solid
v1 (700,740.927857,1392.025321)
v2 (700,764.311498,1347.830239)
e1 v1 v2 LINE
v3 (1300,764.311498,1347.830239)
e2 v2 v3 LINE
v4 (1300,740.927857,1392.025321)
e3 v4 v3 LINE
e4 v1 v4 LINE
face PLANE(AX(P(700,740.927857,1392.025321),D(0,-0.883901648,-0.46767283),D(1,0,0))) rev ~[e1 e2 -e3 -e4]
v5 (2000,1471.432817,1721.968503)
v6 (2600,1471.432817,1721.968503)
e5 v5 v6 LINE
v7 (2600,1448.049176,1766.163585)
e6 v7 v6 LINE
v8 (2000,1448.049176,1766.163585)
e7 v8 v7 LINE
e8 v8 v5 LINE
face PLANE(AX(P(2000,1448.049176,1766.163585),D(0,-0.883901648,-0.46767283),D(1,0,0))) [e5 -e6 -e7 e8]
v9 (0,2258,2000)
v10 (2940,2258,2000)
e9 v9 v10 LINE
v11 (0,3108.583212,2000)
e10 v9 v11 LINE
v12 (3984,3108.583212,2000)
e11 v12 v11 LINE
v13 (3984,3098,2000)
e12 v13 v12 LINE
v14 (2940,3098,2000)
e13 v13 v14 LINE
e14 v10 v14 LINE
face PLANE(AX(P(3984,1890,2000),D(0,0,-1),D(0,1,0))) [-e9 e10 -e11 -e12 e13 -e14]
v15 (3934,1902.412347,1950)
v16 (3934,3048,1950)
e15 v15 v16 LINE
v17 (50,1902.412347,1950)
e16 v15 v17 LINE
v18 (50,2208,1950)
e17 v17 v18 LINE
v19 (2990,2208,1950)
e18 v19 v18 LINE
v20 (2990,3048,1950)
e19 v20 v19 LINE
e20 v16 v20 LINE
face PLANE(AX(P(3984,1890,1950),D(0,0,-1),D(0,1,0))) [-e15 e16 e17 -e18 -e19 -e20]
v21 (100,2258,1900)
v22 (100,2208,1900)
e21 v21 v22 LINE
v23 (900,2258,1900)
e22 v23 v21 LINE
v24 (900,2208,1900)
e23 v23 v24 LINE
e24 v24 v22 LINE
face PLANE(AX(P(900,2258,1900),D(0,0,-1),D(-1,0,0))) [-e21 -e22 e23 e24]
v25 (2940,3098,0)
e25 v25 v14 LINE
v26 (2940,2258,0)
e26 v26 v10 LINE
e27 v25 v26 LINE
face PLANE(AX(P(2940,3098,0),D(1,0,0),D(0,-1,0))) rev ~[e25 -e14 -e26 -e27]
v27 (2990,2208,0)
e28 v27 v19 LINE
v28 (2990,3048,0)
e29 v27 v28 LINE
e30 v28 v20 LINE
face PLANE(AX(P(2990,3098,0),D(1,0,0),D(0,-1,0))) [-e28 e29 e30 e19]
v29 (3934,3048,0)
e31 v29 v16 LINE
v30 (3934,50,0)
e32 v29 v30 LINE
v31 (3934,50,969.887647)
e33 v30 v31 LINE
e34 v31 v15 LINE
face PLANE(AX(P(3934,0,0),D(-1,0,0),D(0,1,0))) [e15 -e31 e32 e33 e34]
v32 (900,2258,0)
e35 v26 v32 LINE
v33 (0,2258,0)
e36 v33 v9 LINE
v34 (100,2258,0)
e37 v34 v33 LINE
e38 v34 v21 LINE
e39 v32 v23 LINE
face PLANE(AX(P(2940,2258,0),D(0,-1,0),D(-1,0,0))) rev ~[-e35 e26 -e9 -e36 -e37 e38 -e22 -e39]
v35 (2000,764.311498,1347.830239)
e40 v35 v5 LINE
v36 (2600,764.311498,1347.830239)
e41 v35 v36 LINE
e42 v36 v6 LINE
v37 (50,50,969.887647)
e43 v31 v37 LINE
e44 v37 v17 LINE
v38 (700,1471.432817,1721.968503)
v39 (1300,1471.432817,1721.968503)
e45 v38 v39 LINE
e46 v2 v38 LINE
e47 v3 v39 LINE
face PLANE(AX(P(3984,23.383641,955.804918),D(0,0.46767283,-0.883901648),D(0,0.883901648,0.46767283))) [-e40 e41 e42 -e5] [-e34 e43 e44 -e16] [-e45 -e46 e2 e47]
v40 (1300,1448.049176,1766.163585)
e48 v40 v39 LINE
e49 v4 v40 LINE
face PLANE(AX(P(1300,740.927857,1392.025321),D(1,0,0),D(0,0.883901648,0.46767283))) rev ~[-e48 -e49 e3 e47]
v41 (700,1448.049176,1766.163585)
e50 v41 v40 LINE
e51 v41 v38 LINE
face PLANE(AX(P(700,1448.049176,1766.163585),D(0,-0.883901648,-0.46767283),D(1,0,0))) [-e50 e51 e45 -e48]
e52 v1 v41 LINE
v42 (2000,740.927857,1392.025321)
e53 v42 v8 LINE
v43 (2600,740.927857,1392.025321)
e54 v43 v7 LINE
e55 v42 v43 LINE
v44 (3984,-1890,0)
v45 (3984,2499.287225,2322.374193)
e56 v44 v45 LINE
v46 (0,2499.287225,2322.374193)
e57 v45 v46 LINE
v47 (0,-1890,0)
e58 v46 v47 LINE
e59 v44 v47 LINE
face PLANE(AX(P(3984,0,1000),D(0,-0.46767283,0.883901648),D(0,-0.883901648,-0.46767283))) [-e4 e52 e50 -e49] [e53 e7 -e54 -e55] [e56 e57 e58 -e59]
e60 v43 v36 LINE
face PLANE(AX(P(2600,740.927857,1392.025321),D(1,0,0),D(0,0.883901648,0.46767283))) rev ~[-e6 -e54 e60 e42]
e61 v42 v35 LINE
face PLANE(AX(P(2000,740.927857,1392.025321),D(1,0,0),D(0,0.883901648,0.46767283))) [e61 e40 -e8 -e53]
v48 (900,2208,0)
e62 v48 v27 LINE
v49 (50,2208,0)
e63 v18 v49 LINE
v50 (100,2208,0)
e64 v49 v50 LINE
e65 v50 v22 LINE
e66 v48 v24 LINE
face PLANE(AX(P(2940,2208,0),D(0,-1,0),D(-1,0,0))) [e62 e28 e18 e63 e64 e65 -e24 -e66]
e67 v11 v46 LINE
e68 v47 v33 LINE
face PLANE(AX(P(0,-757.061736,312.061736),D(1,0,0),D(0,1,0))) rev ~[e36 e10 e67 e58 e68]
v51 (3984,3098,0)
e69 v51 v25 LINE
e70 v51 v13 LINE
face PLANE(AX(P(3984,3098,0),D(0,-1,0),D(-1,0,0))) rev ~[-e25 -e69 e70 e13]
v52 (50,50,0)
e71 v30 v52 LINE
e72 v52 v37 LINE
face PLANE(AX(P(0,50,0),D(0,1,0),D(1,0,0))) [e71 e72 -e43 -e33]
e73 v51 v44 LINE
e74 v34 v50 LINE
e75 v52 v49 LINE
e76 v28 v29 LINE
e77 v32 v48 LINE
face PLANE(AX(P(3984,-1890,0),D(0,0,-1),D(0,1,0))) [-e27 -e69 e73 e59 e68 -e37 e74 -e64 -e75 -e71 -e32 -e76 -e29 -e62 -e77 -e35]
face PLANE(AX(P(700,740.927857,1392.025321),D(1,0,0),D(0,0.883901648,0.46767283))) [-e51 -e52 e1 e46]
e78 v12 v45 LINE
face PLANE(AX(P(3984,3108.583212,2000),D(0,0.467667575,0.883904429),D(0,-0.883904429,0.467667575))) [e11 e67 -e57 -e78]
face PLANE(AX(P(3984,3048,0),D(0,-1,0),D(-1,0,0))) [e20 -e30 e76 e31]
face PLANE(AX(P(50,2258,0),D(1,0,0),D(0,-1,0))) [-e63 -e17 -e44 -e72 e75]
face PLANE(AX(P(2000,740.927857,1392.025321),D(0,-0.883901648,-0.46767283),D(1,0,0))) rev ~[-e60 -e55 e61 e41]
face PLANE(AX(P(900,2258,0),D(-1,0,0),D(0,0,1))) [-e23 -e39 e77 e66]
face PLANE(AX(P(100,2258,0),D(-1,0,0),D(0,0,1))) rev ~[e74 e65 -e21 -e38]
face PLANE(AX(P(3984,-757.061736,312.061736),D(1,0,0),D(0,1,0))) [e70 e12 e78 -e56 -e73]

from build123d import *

# Parameters (mm, degrees)
F1_DEPTH  = 2500
F3_DEPTH  = 3984
F4_T      = -50
F5_W      = 800
F5_H      = 1900
F6_DEPTH  = 50
F7_W      = 600
F7_H      = 800
F8_DEPTH  = 50
F10_DEPTH = 3984


with BuildPart() as f1:
    # F0 (on Top) → F1 (new body)
    with BuildSketch(Plane.XY):
        Polygon((0, 2258), (0, 0), (3984, 0), (3984, 3098), (2940, 3098), (2940, 2258), align=None)
    extrude(amount=F1_DEPTH)

    # F2 (on face) → F3 (cut, through all)
    with BuildSketch(Plane.YZ.offset(3984)):
        Polygon((0, 2500), (0, 1000), (1890, 2000), (3098, 2000), (3098, 2500), align=None)
    extrude(amount=-F3_DEPTH, mode=Mode.SUBTRACT)

    # F4
    f4_openings = [f1.faces().sort_by_distance(p)[0] for p in [
        (2122.573598, 1266.590819, 0),
    ]]
    offset(amount=F4_T, openings=f4_openings, kind=Kind.INTERSECTION)

    # F5 (on face) → F6 (cut, through all)
    with BuildSketch(Plane(origin=(0, 2258, 0), x_dir=(-1, 0, 0), z_dir=(0, 1, 0))):
        with Locations((-500, 950)):
            Rectangle(F5_W, F5_H)
    extrude(amount=-F6_DEPTH, mode=Mode.SUBTRACT)

    # F7 (on face) → F8 (cut, through all)
    with BuildSketch(Plane(origin=(0, -413.3767852847, 781.282124188), x_dir=(1, 0, 0), z_dir=(0, -0.4676728299, 0.8839016485))):
        with Locations((1000, 1705.9197753983)):
            Rectangle(F7_W, F7_H)
        with Locations((2300, 1705.9197753983)):
            Rectangle(F7_W, F7_H)
    extrude(amount=-F8_DEPTH, mode=Mode.SUBTRACT)

    # F9 (on face) → F10 (join, through all)
    with BuildSketch(Plane.YZ.offset(3984)):
        Polygon((0, 0), (0, 1000), (-1890, 0), align=None)
        Polygon((2499.2872246901, 2322.3741929577), (1890, 2000), (3108.5832118988, 2000), align=None)
    extrude(amount=-F10_DEPTH)


solid = f1.part
